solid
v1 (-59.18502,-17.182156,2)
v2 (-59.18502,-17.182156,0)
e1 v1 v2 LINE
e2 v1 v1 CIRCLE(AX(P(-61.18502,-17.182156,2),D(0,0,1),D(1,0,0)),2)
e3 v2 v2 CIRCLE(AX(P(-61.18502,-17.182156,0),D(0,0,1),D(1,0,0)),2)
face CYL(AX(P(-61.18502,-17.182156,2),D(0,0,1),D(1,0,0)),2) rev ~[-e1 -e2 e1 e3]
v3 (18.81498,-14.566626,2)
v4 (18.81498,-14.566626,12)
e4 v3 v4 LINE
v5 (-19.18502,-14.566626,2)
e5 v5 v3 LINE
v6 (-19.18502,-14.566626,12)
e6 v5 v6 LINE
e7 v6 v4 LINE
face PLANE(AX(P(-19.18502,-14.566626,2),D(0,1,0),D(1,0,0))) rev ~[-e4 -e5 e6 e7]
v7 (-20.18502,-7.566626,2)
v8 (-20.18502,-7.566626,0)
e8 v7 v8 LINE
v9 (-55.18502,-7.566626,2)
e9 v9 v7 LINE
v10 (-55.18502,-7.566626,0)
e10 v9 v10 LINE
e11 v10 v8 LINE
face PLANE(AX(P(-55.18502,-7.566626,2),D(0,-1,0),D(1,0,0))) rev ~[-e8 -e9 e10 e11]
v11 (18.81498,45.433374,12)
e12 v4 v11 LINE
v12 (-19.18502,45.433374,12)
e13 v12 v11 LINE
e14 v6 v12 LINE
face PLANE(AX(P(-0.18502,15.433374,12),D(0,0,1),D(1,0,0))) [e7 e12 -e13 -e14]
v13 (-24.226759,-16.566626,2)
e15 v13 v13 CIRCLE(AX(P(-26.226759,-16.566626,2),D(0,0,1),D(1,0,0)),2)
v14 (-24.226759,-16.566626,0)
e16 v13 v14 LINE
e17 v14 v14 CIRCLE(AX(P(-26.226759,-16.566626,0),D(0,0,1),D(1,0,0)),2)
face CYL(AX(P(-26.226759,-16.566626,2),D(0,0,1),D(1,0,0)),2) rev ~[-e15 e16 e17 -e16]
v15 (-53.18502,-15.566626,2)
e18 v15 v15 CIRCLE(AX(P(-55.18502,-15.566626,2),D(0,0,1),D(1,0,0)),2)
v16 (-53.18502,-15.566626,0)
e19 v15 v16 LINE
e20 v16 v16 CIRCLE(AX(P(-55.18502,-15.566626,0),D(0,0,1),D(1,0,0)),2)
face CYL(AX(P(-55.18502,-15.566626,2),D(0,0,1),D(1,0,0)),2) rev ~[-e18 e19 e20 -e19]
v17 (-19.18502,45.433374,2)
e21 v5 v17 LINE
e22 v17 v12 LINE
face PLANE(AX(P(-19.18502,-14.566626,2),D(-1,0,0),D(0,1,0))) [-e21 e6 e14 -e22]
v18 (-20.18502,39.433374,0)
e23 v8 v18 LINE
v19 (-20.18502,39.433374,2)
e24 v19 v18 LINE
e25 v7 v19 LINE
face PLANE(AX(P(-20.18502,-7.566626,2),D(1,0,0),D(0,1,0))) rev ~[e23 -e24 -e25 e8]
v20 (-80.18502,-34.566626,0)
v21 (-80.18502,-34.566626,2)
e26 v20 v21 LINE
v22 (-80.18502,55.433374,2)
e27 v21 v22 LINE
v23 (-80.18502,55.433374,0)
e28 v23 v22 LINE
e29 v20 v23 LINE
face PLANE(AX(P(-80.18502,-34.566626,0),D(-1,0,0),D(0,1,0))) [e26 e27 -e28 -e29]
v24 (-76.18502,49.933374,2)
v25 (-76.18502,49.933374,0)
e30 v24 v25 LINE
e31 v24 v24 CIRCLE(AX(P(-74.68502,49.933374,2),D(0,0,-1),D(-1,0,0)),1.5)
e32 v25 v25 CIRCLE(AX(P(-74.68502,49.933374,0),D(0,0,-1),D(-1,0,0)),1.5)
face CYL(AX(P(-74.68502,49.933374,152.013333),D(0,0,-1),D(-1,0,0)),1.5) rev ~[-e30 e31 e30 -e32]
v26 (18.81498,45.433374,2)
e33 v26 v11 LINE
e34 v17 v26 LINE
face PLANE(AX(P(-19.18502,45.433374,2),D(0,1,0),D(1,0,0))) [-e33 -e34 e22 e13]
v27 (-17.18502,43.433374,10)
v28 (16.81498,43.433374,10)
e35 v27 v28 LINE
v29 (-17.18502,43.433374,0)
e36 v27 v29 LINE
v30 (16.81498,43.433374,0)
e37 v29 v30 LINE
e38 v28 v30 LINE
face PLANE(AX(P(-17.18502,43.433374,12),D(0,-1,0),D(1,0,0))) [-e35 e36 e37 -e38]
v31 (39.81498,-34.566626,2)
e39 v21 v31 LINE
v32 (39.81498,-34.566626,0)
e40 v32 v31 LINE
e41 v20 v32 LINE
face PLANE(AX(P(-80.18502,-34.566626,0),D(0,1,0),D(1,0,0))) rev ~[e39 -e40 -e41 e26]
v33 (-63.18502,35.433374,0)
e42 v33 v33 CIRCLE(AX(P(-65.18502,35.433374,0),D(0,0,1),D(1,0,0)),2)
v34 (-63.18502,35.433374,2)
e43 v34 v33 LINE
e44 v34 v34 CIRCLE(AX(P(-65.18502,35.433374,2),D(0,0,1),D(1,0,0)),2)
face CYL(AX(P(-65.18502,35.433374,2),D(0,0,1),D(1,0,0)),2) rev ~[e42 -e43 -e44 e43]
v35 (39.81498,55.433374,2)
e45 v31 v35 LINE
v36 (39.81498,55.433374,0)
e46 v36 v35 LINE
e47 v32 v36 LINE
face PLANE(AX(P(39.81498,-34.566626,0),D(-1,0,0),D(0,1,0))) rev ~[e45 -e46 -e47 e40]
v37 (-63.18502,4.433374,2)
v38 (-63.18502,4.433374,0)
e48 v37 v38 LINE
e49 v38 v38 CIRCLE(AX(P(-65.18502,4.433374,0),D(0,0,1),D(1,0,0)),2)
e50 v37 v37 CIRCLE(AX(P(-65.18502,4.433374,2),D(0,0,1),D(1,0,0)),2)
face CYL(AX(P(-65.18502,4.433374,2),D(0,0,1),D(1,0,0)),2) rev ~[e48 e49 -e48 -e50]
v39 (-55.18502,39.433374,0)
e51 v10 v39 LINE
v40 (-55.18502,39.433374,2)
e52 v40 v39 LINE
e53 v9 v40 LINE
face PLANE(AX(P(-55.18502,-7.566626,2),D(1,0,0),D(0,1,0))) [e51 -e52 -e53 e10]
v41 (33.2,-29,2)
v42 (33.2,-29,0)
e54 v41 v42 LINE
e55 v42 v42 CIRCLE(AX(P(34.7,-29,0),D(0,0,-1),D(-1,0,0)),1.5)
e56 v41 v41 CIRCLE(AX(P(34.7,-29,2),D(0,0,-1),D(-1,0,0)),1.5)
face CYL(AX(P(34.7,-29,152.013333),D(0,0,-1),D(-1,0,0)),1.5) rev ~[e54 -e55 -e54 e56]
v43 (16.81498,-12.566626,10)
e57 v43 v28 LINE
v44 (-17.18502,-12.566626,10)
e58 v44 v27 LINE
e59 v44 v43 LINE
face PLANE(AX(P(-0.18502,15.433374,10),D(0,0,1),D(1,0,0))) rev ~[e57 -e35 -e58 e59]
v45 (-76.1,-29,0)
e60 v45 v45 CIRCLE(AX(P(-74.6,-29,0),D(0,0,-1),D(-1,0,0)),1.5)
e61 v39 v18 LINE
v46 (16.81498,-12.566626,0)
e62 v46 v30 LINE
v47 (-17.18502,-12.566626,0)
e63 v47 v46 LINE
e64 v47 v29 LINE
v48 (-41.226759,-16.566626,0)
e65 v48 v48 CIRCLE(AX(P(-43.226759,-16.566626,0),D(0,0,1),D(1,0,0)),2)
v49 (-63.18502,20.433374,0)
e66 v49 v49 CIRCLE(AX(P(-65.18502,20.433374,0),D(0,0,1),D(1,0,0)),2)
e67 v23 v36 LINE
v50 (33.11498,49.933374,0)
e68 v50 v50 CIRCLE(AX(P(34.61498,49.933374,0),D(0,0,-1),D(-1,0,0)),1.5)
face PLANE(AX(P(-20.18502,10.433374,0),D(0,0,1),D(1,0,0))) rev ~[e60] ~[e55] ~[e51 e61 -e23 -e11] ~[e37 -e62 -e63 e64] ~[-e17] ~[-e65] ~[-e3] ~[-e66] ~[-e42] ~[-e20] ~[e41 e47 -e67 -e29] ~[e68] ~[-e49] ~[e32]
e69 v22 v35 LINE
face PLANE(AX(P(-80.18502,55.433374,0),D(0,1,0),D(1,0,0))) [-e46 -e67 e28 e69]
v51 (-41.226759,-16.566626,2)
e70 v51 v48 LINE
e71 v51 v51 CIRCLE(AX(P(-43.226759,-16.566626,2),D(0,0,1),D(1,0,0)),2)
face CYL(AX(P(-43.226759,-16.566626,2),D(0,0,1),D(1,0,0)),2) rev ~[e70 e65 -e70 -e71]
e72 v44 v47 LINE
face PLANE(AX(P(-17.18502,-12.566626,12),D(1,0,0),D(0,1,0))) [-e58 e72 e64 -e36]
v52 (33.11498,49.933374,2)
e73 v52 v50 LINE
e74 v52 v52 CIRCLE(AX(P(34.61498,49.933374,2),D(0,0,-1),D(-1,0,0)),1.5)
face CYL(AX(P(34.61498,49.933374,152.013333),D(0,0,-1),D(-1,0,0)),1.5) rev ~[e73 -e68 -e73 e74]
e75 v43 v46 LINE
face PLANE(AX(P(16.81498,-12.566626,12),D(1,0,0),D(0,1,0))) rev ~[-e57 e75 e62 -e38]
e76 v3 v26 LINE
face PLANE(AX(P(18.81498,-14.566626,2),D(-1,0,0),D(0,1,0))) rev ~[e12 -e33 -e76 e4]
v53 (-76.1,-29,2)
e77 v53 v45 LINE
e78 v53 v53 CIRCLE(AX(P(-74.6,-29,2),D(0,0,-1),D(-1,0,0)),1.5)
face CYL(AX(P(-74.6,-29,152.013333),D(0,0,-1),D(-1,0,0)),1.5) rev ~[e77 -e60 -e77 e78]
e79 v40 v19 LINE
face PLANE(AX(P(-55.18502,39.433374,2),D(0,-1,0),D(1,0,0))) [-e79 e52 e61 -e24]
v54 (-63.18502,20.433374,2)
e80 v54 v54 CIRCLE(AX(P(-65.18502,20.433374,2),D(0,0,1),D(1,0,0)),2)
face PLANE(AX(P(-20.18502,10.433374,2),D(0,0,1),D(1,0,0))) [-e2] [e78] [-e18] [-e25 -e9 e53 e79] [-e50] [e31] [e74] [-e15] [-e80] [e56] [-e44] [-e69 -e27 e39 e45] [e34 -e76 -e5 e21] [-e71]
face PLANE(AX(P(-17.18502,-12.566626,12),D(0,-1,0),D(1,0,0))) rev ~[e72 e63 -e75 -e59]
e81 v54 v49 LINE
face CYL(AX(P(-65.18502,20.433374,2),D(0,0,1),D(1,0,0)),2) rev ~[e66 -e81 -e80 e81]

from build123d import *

# Parameters (mm, degrees)
F0_W      = 120
F0_H      = 90
F1_DEPTH  = 2
F2_W      = 35
F2_H      = 47
F3_DEPTH  = 2
F5_D      = 3
F6_W      = 38
F6_H      = 60
F6_W_2    = 34
F6_H_2    = 56
F7_DEPTH  = 10
F8_W      = 34
F8_H      = 56
F9_DEPTH  = 12.001
F10_W     = 34
F10_H     = 56
F11_DEPTH = 2
F12_R     = 2
F13_DEPTH = 25


with BuildPart() as f1:
    # F0 (on Top) → F1 (new body)
    with BuildSketch(Plane.XY):
        with Locations((-20.18502, 10.433374)):
            Rectangle(F0_W, F0_H)
    extrude(amount=F1_DEPTH)

    # F2 (on face) → F3 (cut)
    with BuildSketch(Plane.XY.offset(2)):
        with Locations((-37.68502, 15.933374)):
            Rectangle(F2_W, F2_H)
    extrude(amount=-F3_DEPTH, mode=Mode.SUBTRACT)

    # F5 (through all)
    with Locations(Plane.XY.offset(2)):
        with Locations((-74.6, -29), (34.7, -29), (34.61498, 49.933374), (-74.68502, 49.933374)):
            Hole(F5_D / 2)

    # F6 (on face) → F7 (join)
    with BuildSketch(Plane.XY.offset(2)):
        with Locations((-0.18502, 15.433374)):
            Rectangle(F6_W, F6_H)
        with Locations((-0.18502, 15.433374)):
            Rectangle(F6_W_2, F6_H_2, mode=Mode.SUBTRACT)
        with Locations((-0.18502, 15.433374)):
            Rectangle(F6_W_2, F6_H_2)
    extrude(amount=F7_DEPTH)

    # F8 (on face) → F9 (cut, through all)
    with BuildSketch(Plane.XY.offset(12)):
        with Locations((-0.18502, 15.433374)):
            Rectangle(F8_W, F8_H)
    extrude(amount=-F9_DEPTH, mode=Mode.SUBTRACT)

    # F10 (on face) → F11 (join)
    with BuildSketch(Plane.XY.offset(12)):
        with Locations((-0.18502, 15.433374)):
            Rectangle(F10_W, F10_H)
    extrude(amount=-F11_DEPTH)

    # F12 (on face) → F13 (cut)
    with BuildSketch(Plane.XY.offset(2)):
        with Locations((-65.18502, 35.433374)):
            Circle(F12_R)
        with Locations((-65.18502, 20.433374)):
            Circle(F12_R)
        with Locations((-65.18502, 4.433374)):
            Circle(F12_R)
        with Locations((-61.18502, -17.182156)):
            Circle(F12_R)
        with Locations((-55.18502, -15.566626)):
            Circle(F12_R)
        with Locations((-43.226759, -16.566626)):
            Circle(F12_R)
        with Locations((-26.226759, -16.566626)):
            Circle(F12_R)
    extrude(amount=-F13_DEPTH, mode=Mode.SUBTRACT)


solid = f1.part
